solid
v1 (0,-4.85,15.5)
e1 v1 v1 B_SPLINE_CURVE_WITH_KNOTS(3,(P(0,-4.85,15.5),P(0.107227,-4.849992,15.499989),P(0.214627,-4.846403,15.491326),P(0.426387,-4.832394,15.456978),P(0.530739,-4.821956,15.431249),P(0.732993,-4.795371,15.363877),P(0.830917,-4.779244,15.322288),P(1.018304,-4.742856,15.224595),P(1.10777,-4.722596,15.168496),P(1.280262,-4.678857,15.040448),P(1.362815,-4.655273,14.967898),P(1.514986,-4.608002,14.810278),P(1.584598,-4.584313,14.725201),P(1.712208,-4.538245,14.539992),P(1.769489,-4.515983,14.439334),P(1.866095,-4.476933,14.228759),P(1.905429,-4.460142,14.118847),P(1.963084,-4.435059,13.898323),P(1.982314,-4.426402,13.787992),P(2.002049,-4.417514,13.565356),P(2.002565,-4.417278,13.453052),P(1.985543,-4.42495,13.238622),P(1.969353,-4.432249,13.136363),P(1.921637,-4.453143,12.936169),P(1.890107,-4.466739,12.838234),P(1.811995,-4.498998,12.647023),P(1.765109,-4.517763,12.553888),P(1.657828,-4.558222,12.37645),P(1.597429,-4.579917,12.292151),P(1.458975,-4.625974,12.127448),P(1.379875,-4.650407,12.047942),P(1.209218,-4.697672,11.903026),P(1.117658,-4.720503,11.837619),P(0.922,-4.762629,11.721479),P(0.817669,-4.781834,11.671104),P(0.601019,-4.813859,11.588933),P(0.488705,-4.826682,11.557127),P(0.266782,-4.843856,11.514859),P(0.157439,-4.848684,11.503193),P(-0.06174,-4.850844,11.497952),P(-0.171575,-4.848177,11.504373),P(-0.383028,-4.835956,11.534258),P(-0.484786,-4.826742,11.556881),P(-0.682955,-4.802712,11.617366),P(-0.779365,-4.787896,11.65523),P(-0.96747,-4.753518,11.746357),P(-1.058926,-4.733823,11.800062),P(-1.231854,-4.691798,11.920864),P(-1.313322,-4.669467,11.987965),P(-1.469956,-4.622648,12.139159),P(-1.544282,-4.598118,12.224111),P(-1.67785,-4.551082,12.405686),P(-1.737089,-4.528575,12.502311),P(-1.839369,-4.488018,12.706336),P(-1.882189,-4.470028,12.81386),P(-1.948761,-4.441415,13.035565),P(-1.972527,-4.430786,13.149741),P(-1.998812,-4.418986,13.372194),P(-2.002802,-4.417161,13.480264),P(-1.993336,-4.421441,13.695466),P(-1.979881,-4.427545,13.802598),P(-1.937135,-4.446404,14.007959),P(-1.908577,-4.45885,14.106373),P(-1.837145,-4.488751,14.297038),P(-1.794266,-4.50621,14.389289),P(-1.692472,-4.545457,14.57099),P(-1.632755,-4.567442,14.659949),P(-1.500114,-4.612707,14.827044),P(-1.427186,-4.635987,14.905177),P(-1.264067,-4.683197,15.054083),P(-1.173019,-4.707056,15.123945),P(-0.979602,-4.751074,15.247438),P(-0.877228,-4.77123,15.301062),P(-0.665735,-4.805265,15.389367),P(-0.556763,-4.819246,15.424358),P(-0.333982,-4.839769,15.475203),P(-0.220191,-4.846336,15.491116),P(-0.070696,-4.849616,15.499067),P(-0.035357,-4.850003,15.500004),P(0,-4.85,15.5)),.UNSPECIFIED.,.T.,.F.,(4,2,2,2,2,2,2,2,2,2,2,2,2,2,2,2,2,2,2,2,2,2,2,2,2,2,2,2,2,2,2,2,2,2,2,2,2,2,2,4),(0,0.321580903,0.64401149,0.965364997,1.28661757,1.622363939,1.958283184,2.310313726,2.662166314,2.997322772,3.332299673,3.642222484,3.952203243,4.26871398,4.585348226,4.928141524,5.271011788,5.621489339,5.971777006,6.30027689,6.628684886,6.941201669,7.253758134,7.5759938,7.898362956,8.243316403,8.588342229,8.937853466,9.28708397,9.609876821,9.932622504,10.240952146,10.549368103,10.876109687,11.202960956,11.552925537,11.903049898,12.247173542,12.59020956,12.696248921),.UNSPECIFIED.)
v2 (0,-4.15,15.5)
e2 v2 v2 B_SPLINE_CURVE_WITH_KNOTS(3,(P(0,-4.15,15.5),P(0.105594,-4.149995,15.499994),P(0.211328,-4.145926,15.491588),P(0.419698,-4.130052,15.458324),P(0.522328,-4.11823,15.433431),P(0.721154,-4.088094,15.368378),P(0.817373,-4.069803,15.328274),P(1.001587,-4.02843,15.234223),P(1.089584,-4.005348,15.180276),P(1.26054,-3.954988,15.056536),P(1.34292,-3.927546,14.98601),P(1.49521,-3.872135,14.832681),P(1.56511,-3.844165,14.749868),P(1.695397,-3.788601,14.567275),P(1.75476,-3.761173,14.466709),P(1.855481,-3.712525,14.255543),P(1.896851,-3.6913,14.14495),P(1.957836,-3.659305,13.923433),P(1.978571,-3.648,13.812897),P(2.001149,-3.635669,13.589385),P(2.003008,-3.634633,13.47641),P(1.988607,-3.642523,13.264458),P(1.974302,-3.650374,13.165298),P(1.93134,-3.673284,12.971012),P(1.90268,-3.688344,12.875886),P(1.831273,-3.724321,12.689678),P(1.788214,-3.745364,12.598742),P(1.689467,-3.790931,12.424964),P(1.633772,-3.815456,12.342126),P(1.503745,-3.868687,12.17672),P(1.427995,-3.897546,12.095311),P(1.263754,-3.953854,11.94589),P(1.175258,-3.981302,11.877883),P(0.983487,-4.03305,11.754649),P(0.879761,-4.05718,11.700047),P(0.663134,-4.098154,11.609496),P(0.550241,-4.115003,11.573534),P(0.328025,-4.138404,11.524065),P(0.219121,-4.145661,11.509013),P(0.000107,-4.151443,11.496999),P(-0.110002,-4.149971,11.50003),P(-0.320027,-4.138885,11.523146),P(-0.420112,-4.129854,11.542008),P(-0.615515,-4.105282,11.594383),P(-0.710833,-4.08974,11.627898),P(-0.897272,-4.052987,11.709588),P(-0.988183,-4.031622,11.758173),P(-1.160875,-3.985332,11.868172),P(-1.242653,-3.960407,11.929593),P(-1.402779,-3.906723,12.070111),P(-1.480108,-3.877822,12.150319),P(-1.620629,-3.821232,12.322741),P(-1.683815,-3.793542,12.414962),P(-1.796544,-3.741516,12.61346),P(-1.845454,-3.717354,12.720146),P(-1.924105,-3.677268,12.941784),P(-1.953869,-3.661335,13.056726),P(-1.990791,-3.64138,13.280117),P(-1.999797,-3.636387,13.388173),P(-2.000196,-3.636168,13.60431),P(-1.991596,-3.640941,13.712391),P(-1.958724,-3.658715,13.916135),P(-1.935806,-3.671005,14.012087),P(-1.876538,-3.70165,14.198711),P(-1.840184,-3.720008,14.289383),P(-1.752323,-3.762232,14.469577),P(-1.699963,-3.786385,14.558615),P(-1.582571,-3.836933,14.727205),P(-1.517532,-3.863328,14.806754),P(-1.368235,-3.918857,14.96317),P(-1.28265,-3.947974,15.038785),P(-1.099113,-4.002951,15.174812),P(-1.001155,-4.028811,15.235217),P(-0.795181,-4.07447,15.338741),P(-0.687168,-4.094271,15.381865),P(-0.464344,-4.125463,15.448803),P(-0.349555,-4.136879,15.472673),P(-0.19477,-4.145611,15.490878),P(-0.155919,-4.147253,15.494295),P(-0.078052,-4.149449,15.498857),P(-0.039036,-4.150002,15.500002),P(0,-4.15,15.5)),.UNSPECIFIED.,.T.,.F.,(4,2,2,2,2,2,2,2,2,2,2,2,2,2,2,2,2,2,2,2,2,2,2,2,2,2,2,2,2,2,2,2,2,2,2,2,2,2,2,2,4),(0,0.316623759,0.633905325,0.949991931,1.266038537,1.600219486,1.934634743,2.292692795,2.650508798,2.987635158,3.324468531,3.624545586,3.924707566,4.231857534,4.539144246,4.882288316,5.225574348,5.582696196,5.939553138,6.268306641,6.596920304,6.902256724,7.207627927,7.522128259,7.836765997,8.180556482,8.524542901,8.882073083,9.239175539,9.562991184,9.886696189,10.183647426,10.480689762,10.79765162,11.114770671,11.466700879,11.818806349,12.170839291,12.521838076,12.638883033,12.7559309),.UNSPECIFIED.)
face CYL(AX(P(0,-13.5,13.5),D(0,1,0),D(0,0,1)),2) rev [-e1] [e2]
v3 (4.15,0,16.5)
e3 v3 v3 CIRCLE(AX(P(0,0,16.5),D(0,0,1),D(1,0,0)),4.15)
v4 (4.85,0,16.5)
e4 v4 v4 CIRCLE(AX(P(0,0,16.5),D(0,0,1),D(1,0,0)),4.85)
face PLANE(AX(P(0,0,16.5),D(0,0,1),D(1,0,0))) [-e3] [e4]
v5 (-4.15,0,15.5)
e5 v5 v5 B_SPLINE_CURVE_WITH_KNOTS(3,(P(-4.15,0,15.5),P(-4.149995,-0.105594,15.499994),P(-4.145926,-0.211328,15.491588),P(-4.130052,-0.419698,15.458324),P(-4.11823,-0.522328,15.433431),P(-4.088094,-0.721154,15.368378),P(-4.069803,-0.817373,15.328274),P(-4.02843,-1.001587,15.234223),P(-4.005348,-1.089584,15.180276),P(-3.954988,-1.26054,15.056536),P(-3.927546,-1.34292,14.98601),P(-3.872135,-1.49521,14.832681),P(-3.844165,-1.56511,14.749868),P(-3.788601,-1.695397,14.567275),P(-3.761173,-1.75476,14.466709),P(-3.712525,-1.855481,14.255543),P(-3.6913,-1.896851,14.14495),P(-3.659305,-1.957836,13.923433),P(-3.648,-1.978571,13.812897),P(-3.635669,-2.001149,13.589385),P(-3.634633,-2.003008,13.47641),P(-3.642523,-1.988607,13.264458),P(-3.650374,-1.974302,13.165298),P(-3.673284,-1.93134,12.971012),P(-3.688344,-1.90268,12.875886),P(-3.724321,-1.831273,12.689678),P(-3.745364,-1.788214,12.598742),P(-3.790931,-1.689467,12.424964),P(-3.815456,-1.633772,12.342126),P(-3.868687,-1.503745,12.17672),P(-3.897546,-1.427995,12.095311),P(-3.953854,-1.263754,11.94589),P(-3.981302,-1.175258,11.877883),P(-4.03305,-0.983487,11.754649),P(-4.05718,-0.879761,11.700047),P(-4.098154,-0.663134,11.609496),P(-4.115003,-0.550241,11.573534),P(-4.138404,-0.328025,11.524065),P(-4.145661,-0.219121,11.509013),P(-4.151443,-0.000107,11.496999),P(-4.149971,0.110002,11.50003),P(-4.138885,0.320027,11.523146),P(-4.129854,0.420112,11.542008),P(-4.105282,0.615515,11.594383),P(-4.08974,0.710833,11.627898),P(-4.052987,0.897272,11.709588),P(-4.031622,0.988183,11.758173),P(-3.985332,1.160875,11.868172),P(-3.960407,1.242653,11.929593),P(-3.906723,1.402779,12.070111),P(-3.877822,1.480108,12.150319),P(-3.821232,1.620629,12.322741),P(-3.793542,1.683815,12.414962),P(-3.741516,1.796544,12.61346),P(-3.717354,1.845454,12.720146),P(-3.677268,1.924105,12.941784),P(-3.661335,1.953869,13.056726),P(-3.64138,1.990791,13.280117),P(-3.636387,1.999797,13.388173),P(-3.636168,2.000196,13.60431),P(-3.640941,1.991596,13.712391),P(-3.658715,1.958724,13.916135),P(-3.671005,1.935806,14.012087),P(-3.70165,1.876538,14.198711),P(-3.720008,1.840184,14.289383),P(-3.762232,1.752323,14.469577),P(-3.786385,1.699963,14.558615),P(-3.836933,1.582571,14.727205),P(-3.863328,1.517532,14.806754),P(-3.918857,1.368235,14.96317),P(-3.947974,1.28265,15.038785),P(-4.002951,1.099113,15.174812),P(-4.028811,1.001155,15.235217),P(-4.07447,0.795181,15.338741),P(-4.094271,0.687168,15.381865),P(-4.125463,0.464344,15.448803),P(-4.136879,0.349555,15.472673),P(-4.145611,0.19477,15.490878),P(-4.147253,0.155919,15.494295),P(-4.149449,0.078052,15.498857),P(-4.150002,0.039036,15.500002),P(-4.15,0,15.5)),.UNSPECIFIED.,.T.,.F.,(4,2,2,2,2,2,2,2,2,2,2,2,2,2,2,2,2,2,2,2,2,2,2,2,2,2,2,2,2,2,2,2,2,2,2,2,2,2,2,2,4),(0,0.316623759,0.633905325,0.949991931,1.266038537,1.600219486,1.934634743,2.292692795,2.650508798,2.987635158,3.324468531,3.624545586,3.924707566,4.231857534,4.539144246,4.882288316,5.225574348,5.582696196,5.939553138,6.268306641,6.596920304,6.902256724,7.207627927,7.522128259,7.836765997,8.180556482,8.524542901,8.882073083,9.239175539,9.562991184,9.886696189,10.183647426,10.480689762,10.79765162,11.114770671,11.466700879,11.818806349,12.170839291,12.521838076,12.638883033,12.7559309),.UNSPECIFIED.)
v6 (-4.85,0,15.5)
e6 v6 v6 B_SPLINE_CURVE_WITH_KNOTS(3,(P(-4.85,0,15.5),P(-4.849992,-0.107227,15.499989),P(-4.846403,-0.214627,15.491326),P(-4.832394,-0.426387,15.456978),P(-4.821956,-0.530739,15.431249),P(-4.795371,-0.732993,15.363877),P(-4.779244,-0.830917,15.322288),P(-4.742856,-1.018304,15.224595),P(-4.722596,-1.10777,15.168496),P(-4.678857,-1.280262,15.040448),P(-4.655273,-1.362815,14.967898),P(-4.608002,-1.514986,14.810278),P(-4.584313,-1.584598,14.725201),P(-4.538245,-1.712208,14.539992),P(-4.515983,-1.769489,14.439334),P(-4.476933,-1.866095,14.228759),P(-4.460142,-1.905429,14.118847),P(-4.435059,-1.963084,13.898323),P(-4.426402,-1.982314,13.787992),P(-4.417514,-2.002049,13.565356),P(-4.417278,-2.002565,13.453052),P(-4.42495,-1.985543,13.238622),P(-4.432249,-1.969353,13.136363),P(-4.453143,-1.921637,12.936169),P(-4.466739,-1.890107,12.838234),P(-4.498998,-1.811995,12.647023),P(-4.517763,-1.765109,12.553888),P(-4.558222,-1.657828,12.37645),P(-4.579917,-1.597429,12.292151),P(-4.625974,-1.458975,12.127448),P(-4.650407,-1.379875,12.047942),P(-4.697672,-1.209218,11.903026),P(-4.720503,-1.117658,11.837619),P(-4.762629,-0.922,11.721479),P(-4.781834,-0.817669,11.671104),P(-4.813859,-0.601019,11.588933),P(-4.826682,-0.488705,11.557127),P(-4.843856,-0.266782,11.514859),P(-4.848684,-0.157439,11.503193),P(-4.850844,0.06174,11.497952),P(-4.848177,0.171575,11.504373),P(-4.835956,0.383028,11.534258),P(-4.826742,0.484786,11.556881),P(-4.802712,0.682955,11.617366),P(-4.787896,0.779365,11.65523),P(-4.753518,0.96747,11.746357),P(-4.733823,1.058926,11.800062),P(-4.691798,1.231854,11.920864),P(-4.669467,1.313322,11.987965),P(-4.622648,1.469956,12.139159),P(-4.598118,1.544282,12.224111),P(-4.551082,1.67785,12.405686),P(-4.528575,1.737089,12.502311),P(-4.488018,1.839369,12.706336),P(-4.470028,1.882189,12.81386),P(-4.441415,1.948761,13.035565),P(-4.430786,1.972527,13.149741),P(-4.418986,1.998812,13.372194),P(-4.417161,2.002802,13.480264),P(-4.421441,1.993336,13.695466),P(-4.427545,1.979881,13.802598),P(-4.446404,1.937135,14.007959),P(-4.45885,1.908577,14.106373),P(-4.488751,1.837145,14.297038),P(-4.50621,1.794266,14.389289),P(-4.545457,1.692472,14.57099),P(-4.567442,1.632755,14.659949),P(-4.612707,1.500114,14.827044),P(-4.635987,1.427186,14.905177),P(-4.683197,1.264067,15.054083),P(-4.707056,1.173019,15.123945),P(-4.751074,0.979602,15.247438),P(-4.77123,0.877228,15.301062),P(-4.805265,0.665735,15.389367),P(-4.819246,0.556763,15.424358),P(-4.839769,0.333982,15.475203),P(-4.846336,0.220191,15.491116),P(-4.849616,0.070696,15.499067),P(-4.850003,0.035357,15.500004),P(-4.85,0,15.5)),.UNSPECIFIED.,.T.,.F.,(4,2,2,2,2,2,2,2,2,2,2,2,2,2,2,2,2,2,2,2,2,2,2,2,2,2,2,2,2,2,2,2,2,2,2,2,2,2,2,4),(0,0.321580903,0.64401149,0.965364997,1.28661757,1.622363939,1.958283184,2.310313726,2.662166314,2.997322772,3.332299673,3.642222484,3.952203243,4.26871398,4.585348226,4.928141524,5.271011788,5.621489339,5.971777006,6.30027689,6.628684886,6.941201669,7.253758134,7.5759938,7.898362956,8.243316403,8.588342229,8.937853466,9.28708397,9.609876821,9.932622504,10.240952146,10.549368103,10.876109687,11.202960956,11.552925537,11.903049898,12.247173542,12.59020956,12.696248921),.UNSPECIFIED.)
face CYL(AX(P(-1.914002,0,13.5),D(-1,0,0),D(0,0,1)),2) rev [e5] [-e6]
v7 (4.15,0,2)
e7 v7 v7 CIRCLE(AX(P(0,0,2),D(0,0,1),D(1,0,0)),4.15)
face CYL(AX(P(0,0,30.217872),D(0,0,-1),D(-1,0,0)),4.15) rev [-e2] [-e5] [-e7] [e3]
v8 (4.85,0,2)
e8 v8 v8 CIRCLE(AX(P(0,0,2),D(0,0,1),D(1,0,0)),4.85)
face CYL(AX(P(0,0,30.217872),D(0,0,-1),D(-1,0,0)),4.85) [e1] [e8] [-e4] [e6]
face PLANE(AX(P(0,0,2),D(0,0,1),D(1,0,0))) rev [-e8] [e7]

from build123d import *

# Parameters (mm, degrees)
SKETCH3_R           = 4.85
SKETCH3_R_2         = 4.15
BOSS_EXTRUDE1_DEPTH = 14.5
SKETCH4_R           = 2
CUT_EXTRUDE1_DEPTH  = 11.5
SKETCH5_R           = 2
CUT_EXTRUDE2_DEPTH  = 11.5


with BuildPart() as part:
    # Sketch3 → Boss-Extrude1 (new body)
    with BuildSketch(Plane.XY.offset(2)):
        Circle(SKETCH3_R)
        Circle(SKETCH3_R_2, mode=Mode.SUBTRACT)
    extrude(amount=BOSS_EXTRUDE1_DEPTH)

    # Sketch4 → Cut-Extrude1 (cut)
    with BuildSketch(Plane(origin=(-13.41400196, 54.908076208, -66.470187191), x_dir=(0, 1, 0), z_dir=(1, 0, 0))):
        with Locations((-54.908076208, 60.970187191)):
            Circle(SKETCH4_R)
        with Locations(Location((-54.908076208, 79.970187191, 0), (0, 0, 90))):
            Circle(SKETCH4_R)
    extrude(amount=CUT_EXTRUDE1_DEPTH, mode=Mode.SUBTRACT)

    # Sketch5 → Cut-Extrude2 (cut)
    with BuildSketch(Plane(origin=(0, -2, -8.5), x_dir=(1, 0, 0), z_dir=(0, 1, 0))):
        with Locations(Location((0, -22, 0), (0, 0, 270))):
            Circle(SKETCH5_R)
    extrude(amount=-CUT_EXTRUDE2_DEPTH, mode=Mode.SUBTRACT)


solid = part.part
